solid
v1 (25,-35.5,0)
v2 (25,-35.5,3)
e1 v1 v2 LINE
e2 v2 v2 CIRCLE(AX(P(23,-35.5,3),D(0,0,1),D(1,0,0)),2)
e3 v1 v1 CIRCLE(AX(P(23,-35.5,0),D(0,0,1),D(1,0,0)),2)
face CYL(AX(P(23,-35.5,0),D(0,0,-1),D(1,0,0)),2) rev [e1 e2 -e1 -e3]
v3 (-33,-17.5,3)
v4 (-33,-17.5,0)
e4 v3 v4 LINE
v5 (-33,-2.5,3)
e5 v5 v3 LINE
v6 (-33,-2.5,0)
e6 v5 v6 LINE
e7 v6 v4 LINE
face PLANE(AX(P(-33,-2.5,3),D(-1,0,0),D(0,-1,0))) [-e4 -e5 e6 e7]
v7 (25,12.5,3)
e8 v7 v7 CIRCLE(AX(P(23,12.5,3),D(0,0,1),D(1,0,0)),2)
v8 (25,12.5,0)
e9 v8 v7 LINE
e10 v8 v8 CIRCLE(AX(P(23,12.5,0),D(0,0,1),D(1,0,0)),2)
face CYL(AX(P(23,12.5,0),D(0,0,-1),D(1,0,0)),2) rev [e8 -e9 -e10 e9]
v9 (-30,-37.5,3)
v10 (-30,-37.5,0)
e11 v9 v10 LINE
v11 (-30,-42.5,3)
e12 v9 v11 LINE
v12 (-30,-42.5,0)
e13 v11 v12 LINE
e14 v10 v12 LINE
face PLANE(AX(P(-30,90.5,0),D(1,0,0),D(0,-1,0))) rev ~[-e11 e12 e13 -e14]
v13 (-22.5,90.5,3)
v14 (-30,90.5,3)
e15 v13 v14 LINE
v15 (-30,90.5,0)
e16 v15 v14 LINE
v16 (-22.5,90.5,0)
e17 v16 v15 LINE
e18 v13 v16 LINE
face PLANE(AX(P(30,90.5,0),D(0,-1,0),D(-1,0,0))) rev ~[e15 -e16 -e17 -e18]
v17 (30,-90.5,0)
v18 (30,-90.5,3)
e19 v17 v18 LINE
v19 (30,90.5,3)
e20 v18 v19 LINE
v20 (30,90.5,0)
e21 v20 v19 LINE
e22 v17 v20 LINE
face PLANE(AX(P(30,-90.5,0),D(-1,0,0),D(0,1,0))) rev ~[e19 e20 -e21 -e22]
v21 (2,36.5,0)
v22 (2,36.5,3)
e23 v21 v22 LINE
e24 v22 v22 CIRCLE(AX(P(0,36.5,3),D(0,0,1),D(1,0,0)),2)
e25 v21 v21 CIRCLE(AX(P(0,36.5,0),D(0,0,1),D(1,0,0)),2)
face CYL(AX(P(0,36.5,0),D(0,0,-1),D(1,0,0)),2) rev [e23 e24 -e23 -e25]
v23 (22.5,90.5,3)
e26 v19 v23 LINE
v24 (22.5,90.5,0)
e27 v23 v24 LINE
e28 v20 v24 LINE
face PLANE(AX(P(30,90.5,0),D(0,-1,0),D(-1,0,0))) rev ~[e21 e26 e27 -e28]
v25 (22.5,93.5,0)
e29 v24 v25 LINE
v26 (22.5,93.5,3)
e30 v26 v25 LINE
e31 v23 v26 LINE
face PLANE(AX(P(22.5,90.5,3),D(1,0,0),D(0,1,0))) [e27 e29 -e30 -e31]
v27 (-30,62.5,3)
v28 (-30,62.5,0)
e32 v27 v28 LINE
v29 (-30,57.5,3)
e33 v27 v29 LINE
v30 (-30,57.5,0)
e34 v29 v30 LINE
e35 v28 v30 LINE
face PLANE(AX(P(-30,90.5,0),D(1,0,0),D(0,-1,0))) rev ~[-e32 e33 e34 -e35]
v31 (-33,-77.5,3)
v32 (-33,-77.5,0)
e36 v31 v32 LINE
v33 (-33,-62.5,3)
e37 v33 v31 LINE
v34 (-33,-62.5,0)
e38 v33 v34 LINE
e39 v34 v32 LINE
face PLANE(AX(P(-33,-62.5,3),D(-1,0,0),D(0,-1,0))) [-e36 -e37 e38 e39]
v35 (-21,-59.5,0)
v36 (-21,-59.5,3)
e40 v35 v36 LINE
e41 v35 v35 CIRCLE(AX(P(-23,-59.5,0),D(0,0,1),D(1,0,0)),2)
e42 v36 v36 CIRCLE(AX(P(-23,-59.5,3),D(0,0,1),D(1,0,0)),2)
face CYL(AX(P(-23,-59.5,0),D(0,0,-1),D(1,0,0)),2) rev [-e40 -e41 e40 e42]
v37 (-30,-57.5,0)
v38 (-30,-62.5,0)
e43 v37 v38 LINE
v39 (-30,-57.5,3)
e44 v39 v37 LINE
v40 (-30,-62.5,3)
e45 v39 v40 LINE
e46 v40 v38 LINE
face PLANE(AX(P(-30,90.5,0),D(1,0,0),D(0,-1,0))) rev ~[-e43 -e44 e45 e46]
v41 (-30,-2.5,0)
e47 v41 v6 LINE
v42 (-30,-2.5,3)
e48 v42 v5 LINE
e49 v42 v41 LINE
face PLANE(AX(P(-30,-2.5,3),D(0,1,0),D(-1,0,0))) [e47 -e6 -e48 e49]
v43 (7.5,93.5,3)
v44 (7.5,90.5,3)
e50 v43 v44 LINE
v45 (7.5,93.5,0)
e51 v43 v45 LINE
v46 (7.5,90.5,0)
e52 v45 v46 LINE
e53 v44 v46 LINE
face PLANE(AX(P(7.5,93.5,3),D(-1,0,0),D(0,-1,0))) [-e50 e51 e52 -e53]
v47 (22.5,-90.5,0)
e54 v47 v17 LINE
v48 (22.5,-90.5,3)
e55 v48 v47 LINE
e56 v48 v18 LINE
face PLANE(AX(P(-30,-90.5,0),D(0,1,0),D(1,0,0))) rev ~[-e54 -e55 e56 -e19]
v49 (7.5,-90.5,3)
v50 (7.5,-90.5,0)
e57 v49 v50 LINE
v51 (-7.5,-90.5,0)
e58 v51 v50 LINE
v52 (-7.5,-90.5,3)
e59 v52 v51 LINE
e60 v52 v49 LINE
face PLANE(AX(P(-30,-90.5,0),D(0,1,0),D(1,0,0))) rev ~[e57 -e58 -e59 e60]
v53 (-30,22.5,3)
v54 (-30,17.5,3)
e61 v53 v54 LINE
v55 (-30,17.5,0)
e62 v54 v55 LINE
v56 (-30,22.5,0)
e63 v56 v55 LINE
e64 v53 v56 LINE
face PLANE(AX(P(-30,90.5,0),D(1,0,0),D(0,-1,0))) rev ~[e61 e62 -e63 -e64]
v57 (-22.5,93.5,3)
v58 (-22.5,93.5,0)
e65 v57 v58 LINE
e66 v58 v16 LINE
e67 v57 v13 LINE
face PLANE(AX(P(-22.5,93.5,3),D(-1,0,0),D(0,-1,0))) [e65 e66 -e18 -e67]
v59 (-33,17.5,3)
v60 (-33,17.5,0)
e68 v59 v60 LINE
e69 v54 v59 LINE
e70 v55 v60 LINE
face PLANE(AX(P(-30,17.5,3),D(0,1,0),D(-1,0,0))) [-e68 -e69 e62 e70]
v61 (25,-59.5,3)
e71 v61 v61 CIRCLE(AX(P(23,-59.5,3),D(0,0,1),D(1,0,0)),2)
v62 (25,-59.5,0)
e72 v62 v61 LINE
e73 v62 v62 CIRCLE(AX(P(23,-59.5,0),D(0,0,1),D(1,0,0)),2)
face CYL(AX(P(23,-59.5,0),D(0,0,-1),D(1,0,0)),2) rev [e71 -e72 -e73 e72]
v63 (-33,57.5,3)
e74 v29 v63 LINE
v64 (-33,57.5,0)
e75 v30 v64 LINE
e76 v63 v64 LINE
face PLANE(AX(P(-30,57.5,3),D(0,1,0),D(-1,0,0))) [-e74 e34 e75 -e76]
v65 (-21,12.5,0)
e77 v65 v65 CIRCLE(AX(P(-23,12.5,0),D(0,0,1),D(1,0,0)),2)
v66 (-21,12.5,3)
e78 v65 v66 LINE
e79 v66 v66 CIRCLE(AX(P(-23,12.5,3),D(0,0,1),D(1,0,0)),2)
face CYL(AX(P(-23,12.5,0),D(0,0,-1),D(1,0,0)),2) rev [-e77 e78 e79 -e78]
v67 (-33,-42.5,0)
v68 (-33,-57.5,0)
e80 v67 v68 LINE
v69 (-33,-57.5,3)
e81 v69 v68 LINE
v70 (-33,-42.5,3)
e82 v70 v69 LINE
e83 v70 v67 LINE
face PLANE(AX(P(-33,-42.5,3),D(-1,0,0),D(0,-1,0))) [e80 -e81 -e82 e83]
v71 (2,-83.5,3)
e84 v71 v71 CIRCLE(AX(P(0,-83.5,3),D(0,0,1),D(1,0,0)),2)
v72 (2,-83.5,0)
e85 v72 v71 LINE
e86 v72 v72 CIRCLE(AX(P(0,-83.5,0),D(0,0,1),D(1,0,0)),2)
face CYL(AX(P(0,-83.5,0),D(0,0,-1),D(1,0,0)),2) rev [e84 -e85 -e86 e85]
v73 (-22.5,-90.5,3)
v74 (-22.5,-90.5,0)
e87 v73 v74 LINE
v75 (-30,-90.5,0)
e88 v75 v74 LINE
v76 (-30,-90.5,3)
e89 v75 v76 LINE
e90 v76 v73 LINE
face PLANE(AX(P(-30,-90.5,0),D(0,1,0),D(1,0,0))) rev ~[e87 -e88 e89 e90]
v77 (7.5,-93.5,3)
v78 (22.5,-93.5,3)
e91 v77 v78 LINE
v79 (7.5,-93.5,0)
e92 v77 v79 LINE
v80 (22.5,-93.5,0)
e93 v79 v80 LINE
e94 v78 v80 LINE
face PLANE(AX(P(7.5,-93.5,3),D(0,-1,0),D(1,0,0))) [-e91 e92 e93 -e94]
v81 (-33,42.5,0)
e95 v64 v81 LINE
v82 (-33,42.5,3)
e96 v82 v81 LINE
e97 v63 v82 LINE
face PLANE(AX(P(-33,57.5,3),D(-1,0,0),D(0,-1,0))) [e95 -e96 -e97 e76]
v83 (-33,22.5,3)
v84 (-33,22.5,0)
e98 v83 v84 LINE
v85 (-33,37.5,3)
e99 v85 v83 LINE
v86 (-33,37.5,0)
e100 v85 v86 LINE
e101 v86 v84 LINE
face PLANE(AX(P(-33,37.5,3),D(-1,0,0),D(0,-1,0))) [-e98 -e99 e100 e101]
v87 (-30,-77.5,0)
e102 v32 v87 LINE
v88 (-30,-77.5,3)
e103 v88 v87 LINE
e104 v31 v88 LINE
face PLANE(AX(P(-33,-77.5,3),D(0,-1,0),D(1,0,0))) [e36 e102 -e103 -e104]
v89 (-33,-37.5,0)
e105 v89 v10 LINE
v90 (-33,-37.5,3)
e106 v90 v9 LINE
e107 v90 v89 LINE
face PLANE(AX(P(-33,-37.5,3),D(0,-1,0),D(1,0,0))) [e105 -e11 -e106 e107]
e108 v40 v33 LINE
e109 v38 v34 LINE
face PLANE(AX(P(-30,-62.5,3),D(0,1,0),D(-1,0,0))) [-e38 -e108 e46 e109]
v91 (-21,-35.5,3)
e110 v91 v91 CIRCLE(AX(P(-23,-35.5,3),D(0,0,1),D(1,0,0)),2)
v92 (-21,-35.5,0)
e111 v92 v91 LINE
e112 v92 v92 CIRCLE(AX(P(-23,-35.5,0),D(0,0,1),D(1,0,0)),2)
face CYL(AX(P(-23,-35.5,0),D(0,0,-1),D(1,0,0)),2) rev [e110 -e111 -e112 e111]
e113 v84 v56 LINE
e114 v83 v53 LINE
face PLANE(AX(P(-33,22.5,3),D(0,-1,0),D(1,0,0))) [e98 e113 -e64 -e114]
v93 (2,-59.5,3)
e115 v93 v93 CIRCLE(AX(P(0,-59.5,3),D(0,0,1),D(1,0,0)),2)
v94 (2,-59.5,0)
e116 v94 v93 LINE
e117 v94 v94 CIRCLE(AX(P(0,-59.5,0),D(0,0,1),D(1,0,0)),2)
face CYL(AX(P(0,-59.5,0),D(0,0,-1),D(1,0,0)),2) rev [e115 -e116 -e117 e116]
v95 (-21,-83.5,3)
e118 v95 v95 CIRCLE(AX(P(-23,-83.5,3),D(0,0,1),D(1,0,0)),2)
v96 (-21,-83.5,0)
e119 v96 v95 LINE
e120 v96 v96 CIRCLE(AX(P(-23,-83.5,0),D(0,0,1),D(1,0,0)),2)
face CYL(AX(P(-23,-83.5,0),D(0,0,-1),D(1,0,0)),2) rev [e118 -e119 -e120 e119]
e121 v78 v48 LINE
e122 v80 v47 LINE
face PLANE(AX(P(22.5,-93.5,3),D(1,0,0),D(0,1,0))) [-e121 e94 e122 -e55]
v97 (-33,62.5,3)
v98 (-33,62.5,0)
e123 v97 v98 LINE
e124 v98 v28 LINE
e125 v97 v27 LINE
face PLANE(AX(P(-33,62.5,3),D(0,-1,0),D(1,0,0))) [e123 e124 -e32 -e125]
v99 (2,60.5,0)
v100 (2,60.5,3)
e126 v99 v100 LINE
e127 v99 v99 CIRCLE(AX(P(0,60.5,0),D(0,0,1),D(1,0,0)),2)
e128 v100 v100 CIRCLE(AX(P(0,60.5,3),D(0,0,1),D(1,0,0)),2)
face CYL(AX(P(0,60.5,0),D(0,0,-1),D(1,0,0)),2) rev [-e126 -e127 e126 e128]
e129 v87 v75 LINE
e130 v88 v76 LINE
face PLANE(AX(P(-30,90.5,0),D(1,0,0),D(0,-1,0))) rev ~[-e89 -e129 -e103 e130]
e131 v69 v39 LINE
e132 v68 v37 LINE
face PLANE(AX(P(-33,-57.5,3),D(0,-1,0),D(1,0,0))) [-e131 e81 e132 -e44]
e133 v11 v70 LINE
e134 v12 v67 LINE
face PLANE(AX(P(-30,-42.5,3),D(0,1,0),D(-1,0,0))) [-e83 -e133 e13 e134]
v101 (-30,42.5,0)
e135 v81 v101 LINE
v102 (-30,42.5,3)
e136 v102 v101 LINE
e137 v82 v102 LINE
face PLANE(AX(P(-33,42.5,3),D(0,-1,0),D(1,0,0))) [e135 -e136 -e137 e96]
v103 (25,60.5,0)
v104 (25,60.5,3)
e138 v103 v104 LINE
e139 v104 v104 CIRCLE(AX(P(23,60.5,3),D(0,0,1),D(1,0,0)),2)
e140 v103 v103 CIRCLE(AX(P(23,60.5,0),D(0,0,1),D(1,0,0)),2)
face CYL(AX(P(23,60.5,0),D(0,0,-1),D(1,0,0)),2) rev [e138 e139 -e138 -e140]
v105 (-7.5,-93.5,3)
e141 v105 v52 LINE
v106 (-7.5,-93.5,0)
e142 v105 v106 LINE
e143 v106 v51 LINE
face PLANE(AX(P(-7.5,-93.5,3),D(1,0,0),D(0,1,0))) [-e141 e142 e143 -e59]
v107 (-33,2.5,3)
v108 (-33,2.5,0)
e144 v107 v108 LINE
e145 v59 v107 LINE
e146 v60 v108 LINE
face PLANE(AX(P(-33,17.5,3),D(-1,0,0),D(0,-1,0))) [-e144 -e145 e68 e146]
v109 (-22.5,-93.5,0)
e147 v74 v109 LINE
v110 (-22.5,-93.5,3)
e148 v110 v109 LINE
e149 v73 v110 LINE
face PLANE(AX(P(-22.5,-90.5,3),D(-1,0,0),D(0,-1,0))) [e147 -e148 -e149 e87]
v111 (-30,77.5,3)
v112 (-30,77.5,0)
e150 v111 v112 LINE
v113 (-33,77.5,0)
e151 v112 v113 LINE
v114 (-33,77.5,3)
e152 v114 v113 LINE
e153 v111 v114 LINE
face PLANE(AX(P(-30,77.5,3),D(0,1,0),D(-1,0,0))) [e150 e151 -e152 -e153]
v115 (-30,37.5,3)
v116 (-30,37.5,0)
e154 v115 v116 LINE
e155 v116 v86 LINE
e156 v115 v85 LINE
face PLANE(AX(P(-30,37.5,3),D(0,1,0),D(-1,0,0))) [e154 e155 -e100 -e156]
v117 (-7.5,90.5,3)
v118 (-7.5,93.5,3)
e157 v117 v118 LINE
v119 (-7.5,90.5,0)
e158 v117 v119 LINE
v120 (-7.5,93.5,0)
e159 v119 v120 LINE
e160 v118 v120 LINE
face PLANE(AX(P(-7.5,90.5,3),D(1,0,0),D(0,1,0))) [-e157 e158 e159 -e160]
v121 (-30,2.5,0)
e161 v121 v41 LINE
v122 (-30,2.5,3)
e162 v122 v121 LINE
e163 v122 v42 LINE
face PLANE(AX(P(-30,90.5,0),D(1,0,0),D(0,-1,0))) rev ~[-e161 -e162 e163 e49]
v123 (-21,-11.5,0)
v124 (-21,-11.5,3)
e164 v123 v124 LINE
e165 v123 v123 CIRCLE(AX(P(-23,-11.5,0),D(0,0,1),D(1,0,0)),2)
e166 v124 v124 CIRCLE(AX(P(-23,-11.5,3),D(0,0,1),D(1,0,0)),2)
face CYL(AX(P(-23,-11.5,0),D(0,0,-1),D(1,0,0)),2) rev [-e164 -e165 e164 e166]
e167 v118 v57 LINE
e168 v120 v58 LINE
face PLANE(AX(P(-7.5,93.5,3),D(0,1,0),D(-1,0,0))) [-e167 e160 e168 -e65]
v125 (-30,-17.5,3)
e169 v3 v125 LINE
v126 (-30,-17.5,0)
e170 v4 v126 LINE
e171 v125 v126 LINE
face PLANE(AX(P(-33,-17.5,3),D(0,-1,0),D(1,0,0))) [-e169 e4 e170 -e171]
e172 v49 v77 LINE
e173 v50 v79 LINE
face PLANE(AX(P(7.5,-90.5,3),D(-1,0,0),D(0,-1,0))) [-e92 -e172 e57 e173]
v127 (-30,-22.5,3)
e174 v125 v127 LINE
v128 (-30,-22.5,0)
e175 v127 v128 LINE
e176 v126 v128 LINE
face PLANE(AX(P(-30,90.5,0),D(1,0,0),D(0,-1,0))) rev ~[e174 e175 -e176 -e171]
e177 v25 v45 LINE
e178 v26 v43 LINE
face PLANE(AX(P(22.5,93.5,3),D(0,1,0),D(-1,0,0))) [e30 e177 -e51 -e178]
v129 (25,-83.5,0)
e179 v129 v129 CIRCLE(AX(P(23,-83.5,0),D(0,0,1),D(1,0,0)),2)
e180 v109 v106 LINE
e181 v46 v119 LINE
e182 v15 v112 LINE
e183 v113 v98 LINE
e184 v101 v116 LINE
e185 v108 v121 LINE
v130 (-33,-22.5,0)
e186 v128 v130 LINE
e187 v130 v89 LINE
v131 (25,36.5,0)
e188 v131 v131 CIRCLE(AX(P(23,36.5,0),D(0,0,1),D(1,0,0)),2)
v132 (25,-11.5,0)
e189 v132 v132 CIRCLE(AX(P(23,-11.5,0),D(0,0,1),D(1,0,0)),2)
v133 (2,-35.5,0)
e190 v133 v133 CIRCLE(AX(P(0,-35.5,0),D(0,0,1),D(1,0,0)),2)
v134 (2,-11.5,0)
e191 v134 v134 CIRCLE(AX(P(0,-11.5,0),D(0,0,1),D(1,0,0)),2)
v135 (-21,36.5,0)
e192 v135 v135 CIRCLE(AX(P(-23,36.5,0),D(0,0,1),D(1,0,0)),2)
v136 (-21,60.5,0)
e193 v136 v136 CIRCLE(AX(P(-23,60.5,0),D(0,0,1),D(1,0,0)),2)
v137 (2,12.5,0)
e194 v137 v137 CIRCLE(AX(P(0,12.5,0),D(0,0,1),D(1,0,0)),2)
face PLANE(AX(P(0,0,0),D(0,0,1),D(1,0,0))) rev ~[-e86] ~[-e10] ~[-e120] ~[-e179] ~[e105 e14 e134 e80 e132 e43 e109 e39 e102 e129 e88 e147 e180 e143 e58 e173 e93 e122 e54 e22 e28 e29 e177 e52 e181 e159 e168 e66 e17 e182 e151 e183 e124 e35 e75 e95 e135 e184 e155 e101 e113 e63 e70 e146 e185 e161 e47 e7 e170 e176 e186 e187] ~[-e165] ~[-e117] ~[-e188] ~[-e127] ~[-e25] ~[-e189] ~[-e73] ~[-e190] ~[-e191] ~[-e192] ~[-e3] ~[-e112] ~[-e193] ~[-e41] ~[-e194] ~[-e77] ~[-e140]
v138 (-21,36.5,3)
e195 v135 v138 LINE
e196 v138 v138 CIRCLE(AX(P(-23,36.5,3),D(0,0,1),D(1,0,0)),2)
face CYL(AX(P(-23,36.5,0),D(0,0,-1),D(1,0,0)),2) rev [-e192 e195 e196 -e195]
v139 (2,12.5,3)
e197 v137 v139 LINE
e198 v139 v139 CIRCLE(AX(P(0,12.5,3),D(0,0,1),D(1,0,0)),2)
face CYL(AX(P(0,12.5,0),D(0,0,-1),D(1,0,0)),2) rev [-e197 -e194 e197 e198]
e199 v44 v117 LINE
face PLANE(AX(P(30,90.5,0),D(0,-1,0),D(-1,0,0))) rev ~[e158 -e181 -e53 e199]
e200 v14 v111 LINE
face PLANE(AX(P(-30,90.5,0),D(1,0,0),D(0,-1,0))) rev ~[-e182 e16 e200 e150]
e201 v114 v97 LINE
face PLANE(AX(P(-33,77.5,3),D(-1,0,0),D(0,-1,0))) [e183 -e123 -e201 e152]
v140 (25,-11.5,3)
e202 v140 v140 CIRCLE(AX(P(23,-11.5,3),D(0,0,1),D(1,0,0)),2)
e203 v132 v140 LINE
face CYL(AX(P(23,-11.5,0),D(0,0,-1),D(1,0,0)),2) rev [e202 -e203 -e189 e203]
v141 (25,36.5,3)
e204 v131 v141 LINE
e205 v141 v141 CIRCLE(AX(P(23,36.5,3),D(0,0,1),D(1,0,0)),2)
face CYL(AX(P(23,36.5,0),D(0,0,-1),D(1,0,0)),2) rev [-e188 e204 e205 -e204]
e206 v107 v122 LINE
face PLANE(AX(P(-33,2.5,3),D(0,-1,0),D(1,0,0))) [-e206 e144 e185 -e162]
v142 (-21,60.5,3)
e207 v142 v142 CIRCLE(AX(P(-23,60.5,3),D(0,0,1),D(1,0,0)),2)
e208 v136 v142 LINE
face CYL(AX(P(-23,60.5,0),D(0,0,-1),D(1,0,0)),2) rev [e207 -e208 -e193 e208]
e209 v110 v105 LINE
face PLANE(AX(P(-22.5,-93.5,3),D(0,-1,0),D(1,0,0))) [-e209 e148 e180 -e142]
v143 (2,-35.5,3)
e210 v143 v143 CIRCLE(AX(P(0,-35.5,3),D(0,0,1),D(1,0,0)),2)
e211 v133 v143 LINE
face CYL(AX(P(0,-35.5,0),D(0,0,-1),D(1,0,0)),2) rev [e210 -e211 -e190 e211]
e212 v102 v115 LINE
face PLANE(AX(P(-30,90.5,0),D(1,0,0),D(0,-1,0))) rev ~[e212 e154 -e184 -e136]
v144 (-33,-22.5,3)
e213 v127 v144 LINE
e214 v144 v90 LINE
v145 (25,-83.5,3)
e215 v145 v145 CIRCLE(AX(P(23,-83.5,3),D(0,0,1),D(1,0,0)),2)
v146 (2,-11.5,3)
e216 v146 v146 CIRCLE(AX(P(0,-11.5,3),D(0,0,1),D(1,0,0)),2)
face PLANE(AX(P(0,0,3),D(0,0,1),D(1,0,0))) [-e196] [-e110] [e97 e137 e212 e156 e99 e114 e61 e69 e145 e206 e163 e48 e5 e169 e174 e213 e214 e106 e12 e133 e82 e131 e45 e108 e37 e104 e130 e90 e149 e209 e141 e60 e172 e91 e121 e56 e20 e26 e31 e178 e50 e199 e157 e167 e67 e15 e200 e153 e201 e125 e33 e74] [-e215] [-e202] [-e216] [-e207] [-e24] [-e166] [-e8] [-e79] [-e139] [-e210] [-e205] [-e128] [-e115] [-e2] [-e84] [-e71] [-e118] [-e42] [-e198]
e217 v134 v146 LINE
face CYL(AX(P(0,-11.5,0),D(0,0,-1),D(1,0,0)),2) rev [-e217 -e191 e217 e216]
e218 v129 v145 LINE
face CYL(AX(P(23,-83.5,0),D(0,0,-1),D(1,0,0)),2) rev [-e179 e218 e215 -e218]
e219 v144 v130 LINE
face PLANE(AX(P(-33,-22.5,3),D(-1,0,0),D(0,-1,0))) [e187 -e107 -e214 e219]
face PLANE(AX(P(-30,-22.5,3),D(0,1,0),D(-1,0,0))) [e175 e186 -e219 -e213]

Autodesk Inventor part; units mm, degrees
ref_plane "YZ Plane" through (0, 0, 0) normal (1, 0, 0) x (0, 1, 0)
ref_plane "XZ Plane" through (0, 0, 0) normal (0, 1, 0) x (-1, 0, 0)
ref_plane "XY Plane" through (0, 0, 0) normal (0, 0, 1) x (1, 0, 0)
sketch "Sketch1" plane through (0, 0, 0) normal (0, 0, 1) x (1, 0, 0)
  line L0 (-30, -90.5) -> (30, -90.5)
  line L1 (30, -90.5) -> (30, 90.5)
  line L2 (30, 90.5) -> (-30, 90.5)
  line L3 (-30, 90.5) -> (-30, -90.5)
  line L4 (-30, -90.5) -> (30, 90.5) construction
  line L5 (30, -90.5) -> (-30, 90.5) construction
  circle A0 centre (-23, 60.5) radius 2
  circle A1 centre (-23, 36.5) radius 2
  circle A2 centre (-23, 12.5) radius 2
  circle A3 centre (-23, -11.5) radius 2
  circle A4 centre (-23, -35.5) radius 2
  circle A5 centre (-23, -59.5) radius 2
  circle A6 centre (-23, -83.5) radius 2
  circle A7 centre (0, 60.5) radius 2
  circle A8 centre (0, 36.5) radius 2
  circle A9 centre (0, 12.5) radius 2
  circle A10 centre (0, -11.5) radius 2
  circle A11 centre (0, -35.5) radius 2
  circle A12 centre (0, -59.5) radius 2
  circle A13 centre (0, -83.5) radius 2
  circle A14 centre (23, 60.5) radius 2
  circle A15 centre (23, 36.5) radius 2
  circle A16 centre (23, 12.5) radius 2
  circle A17 centre (23, -11.5) radius 2
  circle A18 centre (23, -35.5) radius 2
  circle A19 centre (23, -59.5) radius 2
  circle A20 centre (23, -83.5) radius 2
  point P0 (0, 0)
  dimension "d0" = 60
  dimension "d1" = 181
  dimension "d2" = 4
  dimension "d3" = 30
  dimension "d6" = 24
  dimension "d9" = 23
  dimension "d12" = 7
extrude "Extrusion1" add sketch "Sketch1" along normal blind 3
sketch "Sketch2" plane through (0, 0, 3) normal (0, 0, 1) x (1, 0, 0)
  line L0 (-30, 90.5) -> (-30, -90.5) projected
  line L1 (-30, 77.5) -> (-33, 77.5)
  line L2 (-33, 77.5) -> (-33, 62.5)
  line L3 (-33, 62.5) -> (-30, 62.5)
  line L4 (-30, 62.5) -> (-30, 77.5)
  line L5 (-30, 57.5) -> (-33, 57.5)
  line L6 (-33, 57.5) -> (-33, 42.5)
  line L7 (-33, 42.5) -> (-30, 42.5)
  line L8 (-30, 42.5) -> (-30, 57.5)
  line L9 (-30, 37.5) -> (-33, 37.5)
  line L10 (-33, 37.5) -> (-33, 22.5)
  line L11 (-33, 22.5) -> (-30, 22.5)
  line L12 (-30, 22.5) -> (-30, 37.5)
  line L13 (-30, 17.5) -> (-33, 17.5)
  line L14 (-33, 17.5) -> (-33, 2.5)
  line L15 (-33, 2.5) -> (-30, 2.5)
  line L16 (-30, 2.5) -> (-30, 17.5)
  line L17 (-30, -2.5) -> (-33, -2.5)
  line L18 (-33, -2.5) -> (-33, -17.5)
  line L19 (-33, -17.5) -> (-30, -17.5)
  line L20 (-30, -17.5) -> (-30, -2.5)
  line L21 (-30, -22.5) -> (-33, -22.5)
  line L22 (-33, -22.5) -> (-33, -37.5)
  line L23 (-33, -37.5) -> (-30, -37.5)
  line L24 (-30, -37.5) -> (-30, -22.5)
  line L25 (-30, -42.5) -> (-33, -42.5)
  line L26 (-33, -42.5) -> (-33, -57.5)
  line L27 (-33, -57.5) -> (-30, -57.5)
  line L28 (-30, -57.5) -> (-30, -42.5)
  line L29 (-30, -62.5) -> (-33, -62.5)
  line L30 (-33, -62.5) -> (-33, -77.5)
  line L31 (-33, -77.5) -> (-30, -77.5)
  line L32 (-30, -77.5) -> (-30, -62.5)
  point P0 (0, 0)
  dimension "d15" = 3
  dimension "d16" = 15
  dimension "d17" = 13
  dimension "d20" = 20
extrude "Extrusion2" add sketch "Sketch2" against normal blind 3
sketch "Sketch3" plane through (0, 0, 3) normal (0, 0, 1) x (1, 0, 0)
  line L0 (30, 90.5) -> (-30, 90.5) projected
  line L1 (-22.5, 90.5) -> (-7.5, 90.5)
  line L2 (-7.5, 90.5) -> (-7.5, 93.5)
  line L3 (-7.5, 93.5) -> (-22.5, 93.5)
  line L4 (-22.5, 93.5) -> (-22.5, 90.5)
  line L5 (-22.5, -93.5) -> (-7.5, -93.5)
  line L6 (-7.5, -93.5) -> (-7.5, -90.5)
  line L7 (-7.5, -90.5) -> (-22.5, -90.5)
  line L8 (-22.5, -90.5) -> (-22.5, -93.5)
  line L9 (7.5, 90.5) -> (22.5, 90.5)
  line L10 (22.5, 90.5) -> (22.5, 93.5)
  line L11 (22.5, 93.5) -> (7.5, 93.5)
  line L12 (7.5, 93.5) -> (7.5, 90.5)
  line L13 (7.5, -93.5) -> (22.5, -93.5)
  line L14 (22.5, -93.5) -> (22.5, -90.5)
  line L15 (22.5, -90.5) -> (7.5, -90.5)
  line L16 (7.5, -90.5) -> (7.5, -93.5)
  line L17 (-30, 90.5) -> (-30, 77.5) projected
  point P0 (0, 0)
  dimension "d27" = 15
  dimension "d28" = 3
  dimension "d31" = 184
  dimension "d34" = 30
  dimension "d37" = 7.5
extrude "Extrusion3" add sketch "Sketch3" against normal blind 3
equation "\"BendRadius\" = Thickness"
equation "\"BendReliefWidth\" = Thickness"
equation "\"BendReliefDepth\" = 0.5 * Thickness"
equation "\"CornerReliefSize\" = 4 * Thickness"
equation "\"MinimumRemnant\" = 2 * Thickness"
equation "\"TransitionRadius\" = BendRadius"
equation "\"JacobiRadiusSize\" = BendRadius"
equation "\"GapSize\" = Thickness"
equation "\"Thickness\" = 0.5"
properties part number "2 binnen zijplaat"
